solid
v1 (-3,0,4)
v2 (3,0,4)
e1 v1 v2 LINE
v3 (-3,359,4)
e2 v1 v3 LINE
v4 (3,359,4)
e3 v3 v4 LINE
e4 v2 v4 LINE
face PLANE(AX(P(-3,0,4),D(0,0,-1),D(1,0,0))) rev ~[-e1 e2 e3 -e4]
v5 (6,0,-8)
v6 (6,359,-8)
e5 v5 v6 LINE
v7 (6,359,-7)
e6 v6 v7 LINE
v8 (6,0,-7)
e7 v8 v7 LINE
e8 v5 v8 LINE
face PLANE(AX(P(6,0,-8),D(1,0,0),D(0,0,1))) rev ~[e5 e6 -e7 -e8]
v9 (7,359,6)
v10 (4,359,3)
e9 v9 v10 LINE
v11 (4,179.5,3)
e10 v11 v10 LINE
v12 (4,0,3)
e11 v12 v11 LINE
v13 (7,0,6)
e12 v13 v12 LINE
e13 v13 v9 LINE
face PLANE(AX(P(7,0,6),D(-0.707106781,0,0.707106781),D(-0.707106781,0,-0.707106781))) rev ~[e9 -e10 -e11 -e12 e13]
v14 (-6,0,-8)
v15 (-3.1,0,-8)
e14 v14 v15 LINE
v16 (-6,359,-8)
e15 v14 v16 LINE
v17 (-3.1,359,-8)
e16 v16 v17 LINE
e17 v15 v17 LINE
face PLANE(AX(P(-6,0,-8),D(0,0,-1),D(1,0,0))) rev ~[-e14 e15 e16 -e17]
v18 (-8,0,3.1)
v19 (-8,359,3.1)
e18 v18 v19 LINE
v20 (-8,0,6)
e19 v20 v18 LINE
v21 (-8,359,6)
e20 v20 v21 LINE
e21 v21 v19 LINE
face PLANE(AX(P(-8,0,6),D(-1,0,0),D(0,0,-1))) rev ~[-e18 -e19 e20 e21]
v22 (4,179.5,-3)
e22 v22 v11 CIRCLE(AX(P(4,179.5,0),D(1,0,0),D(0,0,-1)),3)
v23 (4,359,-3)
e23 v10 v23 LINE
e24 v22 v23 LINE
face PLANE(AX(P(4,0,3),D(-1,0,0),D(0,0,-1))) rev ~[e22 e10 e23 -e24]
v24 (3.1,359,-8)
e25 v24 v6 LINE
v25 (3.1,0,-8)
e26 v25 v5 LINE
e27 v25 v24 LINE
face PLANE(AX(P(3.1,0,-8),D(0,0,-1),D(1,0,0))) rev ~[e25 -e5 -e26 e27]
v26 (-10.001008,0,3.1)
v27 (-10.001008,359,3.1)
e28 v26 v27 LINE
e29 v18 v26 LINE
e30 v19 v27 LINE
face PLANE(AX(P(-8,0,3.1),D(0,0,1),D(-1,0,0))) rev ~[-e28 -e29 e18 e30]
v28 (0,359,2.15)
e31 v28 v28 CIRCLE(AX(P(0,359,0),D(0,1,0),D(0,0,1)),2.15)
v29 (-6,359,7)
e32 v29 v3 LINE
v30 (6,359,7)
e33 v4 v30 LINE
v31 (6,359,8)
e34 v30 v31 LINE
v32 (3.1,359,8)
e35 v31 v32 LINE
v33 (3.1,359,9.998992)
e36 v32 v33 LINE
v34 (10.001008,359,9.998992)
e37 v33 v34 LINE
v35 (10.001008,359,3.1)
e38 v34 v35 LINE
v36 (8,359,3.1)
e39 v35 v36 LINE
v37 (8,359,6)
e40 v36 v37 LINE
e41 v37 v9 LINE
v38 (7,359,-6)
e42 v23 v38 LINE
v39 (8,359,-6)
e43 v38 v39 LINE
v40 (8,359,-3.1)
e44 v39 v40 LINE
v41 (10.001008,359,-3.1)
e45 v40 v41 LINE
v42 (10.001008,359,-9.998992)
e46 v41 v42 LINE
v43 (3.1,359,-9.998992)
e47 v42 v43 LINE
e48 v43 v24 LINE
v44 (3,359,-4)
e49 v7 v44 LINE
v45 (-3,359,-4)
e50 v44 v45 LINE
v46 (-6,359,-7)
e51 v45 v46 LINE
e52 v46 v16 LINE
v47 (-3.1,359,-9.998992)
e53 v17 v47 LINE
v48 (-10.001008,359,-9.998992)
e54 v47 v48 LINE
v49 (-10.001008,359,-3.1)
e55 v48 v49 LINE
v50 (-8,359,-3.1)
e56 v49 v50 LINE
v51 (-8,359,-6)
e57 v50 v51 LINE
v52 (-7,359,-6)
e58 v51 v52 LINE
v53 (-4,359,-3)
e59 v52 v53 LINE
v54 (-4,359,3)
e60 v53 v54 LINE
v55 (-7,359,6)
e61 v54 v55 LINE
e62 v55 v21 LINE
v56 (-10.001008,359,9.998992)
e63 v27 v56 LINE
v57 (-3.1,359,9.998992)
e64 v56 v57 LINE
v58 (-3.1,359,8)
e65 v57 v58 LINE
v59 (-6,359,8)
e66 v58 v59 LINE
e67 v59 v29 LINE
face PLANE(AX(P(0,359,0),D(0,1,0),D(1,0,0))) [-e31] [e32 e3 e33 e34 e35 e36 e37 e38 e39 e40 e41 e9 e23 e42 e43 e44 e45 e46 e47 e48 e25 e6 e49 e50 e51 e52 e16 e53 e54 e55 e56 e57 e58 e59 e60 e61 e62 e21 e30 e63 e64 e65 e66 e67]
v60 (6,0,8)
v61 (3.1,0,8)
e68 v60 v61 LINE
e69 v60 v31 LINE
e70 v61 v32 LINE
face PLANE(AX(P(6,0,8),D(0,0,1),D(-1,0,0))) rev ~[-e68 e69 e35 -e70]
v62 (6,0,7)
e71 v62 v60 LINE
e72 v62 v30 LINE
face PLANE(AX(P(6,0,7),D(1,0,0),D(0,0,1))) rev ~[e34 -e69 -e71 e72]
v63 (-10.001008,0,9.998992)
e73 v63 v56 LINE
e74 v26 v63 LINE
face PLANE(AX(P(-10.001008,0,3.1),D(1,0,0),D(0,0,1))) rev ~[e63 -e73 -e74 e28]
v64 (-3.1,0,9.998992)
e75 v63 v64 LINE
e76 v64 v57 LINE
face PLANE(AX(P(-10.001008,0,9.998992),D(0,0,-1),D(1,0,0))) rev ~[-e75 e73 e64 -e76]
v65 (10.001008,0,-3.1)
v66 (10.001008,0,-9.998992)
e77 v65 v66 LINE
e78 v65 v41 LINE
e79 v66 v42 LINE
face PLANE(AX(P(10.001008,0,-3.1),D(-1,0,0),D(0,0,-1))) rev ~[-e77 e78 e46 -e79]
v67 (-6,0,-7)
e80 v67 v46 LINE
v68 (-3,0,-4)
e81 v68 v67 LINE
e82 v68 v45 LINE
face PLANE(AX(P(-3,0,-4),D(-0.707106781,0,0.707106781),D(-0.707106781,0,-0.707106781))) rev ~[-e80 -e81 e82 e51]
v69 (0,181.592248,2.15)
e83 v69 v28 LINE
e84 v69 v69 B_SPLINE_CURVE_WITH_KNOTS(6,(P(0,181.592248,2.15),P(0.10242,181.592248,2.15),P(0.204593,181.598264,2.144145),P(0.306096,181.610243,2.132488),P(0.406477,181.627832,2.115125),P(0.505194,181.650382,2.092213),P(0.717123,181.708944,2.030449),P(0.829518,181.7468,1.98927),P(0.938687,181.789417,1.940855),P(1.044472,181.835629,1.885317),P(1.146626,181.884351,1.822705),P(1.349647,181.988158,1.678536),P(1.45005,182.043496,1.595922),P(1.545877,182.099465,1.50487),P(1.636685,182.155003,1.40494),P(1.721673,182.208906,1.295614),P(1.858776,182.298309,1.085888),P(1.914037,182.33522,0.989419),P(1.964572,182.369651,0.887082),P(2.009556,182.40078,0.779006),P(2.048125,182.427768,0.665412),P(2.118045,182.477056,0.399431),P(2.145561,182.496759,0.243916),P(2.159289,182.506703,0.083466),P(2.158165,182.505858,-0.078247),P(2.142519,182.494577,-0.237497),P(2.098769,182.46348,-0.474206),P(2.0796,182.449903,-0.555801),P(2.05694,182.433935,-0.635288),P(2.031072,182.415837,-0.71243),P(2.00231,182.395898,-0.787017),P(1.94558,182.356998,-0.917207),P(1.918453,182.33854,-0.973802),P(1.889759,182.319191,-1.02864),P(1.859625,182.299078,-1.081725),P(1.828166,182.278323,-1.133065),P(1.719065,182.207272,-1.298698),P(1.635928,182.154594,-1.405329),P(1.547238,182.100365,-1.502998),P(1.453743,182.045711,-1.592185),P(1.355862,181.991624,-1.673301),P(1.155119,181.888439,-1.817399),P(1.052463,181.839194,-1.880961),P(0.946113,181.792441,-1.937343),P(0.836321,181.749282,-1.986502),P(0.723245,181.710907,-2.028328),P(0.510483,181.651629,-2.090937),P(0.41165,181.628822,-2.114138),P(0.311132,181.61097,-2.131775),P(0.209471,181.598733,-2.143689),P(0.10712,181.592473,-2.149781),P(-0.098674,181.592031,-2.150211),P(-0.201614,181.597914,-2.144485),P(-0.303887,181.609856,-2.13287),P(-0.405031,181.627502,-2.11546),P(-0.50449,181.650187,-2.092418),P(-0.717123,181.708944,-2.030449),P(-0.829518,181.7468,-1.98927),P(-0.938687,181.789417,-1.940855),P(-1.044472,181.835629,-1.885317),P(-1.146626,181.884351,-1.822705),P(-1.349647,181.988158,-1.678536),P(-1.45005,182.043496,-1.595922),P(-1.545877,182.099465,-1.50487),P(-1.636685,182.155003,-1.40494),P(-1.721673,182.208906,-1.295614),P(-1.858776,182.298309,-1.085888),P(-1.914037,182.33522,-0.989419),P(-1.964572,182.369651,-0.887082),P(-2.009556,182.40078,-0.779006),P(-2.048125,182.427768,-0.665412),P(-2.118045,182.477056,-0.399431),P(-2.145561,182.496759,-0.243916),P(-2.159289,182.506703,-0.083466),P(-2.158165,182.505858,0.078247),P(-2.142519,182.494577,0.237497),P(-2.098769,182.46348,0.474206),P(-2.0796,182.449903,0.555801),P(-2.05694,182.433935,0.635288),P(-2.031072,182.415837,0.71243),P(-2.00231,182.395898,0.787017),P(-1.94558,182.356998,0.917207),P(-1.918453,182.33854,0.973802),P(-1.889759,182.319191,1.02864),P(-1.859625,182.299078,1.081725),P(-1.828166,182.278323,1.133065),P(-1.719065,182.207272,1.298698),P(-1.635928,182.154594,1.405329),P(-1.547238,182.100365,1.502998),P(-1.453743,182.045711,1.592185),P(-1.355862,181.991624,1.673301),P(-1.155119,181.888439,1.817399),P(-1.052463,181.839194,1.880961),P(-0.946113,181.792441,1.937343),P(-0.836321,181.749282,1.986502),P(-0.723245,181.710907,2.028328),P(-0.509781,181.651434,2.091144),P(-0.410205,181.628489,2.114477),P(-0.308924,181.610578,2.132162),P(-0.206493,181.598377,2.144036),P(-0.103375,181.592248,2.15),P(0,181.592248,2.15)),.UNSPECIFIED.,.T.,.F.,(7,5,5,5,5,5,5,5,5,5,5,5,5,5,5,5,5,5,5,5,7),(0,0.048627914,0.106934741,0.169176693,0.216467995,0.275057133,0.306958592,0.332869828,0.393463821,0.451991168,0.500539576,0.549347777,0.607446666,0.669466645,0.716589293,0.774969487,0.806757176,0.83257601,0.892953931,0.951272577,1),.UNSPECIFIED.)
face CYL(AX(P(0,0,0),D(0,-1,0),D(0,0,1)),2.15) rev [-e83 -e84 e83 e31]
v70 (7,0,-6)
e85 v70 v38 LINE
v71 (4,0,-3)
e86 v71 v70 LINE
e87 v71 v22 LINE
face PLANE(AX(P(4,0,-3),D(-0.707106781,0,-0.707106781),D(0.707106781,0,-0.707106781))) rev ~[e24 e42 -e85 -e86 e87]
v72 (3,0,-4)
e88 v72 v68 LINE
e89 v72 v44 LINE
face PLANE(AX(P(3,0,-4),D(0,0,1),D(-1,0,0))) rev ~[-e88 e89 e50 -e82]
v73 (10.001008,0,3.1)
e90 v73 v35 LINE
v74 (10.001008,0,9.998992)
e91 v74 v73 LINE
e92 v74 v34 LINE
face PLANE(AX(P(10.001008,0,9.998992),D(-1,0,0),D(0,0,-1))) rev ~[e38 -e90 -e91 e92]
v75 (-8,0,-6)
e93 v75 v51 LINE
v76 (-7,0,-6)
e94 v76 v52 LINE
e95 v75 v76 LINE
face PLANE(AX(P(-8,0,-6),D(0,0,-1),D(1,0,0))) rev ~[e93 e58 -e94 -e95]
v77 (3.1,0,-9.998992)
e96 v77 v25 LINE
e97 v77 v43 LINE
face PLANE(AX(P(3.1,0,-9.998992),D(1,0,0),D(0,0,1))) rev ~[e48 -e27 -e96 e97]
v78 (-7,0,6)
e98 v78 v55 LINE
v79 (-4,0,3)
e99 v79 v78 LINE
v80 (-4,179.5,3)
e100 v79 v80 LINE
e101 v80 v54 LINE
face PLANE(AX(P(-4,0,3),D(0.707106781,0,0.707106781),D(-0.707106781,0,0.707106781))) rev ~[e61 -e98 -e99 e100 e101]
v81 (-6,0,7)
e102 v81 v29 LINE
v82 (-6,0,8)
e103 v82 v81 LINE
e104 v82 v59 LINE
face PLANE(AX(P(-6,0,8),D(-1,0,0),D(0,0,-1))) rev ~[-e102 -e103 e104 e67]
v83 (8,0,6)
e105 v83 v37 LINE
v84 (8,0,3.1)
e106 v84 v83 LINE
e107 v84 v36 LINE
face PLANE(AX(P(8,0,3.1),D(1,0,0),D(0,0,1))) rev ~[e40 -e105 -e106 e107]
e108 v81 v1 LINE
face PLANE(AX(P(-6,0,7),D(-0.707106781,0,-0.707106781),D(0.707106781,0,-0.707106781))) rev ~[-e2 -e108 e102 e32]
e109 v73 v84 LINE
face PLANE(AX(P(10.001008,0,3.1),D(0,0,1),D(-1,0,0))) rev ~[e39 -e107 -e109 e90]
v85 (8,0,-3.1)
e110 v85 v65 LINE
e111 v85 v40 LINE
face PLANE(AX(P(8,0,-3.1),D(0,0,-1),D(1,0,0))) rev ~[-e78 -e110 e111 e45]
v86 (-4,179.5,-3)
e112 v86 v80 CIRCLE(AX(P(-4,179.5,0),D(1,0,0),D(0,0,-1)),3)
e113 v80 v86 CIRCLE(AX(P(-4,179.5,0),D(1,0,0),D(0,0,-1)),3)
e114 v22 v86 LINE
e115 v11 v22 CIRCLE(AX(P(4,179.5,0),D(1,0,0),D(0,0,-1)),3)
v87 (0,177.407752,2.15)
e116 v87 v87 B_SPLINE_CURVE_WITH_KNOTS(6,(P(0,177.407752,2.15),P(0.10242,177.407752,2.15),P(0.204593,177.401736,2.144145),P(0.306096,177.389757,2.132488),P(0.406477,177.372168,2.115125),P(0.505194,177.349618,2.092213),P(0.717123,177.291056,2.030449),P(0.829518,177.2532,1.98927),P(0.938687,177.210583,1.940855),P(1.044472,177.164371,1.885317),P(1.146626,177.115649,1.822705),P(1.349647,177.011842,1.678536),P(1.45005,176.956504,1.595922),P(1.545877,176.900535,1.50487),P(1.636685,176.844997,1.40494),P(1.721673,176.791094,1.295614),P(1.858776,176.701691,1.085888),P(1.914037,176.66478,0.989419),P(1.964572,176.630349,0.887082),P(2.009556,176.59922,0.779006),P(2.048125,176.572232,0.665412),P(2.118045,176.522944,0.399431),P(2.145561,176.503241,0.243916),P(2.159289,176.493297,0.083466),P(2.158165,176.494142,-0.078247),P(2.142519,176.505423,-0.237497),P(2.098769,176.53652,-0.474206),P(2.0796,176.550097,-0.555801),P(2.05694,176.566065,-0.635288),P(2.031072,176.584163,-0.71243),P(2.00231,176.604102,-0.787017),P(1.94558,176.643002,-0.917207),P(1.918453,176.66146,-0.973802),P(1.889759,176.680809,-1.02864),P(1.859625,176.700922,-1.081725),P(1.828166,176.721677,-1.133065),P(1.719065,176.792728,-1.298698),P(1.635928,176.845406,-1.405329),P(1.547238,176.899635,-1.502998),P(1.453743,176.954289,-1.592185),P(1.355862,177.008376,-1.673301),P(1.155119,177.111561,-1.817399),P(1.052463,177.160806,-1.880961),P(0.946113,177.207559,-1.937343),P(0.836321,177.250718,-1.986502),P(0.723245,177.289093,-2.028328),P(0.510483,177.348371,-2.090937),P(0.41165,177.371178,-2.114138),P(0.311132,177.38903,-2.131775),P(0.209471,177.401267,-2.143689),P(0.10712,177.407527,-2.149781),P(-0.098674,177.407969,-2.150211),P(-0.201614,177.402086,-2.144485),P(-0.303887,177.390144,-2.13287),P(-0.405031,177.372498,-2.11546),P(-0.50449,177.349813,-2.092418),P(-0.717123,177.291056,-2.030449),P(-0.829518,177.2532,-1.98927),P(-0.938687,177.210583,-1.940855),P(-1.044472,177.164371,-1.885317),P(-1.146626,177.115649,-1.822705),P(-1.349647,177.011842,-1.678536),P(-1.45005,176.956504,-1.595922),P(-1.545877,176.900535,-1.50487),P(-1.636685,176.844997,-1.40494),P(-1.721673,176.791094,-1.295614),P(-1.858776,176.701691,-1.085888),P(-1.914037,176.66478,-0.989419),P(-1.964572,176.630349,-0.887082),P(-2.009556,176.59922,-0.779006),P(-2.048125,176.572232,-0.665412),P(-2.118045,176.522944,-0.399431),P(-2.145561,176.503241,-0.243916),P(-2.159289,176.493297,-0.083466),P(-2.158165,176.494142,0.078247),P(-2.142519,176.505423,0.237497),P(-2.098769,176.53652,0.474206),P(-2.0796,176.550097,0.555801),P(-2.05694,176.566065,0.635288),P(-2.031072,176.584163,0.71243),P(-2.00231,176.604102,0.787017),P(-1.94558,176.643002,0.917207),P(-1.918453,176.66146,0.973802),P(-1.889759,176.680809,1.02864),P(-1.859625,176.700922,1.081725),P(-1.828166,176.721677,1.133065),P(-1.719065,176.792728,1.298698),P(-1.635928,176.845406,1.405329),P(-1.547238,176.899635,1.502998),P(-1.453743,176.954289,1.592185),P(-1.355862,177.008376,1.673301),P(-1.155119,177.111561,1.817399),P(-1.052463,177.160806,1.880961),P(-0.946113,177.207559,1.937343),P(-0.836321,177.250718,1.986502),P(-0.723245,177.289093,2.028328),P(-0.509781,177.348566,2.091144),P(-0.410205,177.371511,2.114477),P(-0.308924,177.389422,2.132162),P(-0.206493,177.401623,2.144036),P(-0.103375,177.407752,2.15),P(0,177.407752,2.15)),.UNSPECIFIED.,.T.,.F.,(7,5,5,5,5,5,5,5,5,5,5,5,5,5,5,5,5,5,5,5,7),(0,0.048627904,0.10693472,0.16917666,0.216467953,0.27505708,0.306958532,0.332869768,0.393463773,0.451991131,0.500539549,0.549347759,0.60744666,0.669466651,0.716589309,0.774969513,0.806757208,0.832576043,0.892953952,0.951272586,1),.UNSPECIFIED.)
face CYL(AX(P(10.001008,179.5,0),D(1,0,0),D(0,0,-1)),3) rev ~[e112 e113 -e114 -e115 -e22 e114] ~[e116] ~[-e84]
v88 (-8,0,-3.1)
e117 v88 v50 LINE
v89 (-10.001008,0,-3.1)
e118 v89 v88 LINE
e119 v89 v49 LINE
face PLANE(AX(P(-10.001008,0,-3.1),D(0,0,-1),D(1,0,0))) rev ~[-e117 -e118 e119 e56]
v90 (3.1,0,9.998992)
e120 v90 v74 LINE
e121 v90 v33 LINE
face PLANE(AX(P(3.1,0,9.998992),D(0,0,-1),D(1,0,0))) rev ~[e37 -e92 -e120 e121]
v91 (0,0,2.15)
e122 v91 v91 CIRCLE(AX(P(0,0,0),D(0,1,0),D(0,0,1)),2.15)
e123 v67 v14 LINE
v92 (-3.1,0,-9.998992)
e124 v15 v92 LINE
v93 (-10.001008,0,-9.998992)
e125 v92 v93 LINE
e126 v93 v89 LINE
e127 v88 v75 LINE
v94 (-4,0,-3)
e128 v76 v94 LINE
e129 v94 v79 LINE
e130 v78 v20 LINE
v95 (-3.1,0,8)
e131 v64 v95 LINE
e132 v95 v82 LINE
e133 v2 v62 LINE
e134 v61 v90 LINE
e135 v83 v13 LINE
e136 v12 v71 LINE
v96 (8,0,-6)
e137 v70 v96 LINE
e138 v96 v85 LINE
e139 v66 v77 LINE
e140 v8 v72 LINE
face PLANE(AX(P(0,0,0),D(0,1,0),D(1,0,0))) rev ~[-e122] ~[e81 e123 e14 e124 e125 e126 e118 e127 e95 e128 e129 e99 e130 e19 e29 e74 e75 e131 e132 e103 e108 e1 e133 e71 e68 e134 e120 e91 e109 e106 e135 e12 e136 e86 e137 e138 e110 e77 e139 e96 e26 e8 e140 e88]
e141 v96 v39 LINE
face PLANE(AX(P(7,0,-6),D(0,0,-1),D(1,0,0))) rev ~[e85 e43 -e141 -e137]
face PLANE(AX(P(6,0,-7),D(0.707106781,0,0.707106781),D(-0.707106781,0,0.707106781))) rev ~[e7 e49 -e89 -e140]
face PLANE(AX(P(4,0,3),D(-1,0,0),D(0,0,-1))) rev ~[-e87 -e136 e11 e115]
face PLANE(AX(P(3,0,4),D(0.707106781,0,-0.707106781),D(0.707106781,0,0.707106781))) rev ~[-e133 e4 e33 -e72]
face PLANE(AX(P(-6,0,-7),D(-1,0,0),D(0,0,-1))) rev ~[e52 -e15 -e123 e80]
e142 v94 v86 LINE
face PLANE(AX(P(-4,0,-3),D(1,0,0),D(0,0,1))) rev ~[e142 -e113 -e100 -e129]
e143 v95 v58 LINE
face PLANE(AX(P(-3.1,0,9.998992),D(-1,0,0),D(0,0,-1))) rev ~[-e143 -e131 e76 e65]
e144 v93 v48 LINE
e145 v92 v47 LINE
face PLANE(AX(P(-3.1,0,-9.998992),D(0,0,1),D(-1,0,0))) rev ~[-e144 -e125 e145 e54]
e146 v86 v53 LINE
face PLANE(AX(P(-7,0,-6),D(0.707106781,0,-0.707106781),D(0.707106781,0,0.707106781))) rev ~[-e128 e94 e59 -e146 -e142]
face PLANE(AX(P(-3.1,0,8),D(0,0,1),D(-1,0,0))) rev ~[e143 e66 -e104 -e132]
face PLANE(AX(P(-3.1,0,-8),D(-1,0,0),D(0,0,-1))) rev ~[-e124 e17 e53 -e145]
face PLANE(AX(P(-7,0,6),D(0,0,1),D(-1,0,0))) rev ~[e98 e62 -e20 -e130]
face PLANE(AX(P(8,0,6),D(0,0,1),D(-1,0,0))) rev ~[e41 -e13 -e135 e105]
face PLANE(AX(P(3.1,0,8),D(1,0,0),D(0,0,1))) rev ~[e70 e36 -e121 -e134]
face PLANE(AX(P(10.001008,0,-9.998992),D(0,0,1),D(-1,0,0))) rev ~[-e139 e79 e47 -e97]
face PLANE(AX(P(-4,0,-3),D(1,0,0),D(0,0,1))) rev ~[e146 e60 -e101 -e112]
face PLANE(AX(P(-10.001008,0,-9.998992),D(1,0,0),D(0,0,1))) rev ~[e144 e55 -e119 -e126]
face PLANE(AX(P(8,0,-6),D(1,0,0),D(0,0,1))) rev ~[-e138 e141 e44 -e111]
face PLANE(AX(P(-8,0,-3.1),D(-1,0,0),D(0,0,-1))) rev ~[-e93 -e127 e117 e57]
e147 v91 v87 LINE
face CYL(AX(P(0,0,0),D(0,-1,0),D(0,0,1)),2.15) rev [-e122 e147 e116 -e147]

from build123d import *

# Parameters (mm, degrees)
SKETCH_1_R          = 2.15
EXTRUDE_1_DEPTH     = 359
SKETCH_3_R          = 3
CUT_EXTRUDE_1_DEPTH = 26


with BuildPart() as part:
    # 스케치1 → 보스-돌출1 (new body)
    with BuildSketch(Plane(origin=(0, 0, 0), x_dir=(1, 0, 0), z_dir=(0, 1, 0))):
        Polygon((3.1, 8), (6, 8), (6, 7), (3, 4), (0, 4), (-3, 4), (-6, 7), (-6, 8), (-3.1, 8), (-3.1, 9.998992087), (-10.001007855, 9.998992087), (-10.001007855, 3.1), (-8, 3.1), (-8, 6), (-7, 6), (-4, 3), (-4, 0), (-4, -3), (-7, -6), (-8, -6), (-8, -3.1), (-10.001007855, -3.1), (-10.001007855, -9.998992087), (-3.1, -9.998992087), (-3.1, -8), (-6, -8), (-6, -7), (-3, -4), (0, -4), (3, -4), (6, -7), (6, -8), (3.1, -8), (3.1, -9.998992087), (10.001007855, -9.998992087), (10.001007855, -3.1), (8, -3.1), (8, -6), (7, -6), (4, -3), (4, 0), (4, 3), (7, 6), (8, 6), (8, 3.1), (10.001007855, 3.1), (10.001007855, 9.998992087), (3.1, 9.998992087), align=None)
        with Locations(Location((0, 0, 0), (0, 0, 270))):
            Circle(SKETCH_1_R, mode=Mode.SUBTRACT)
    extrude(amount=EXTRUDE_1_DEPTH)

    # 스케치3 → 컷-돌출1 (cut)
    with BuildSketch(Plane(origin=(10.001007855, 0, 0), x_dir=(0, 0, -1), z_dir=(1, 0, 0))):
        with Locations((0, 179.5)):
            Circle(SKETCH_3_R)
    extrude(amount=-CUT_EXTRUDE_1_DEPTH, mode=Mode.SUBTRACT)


solid = part.part
